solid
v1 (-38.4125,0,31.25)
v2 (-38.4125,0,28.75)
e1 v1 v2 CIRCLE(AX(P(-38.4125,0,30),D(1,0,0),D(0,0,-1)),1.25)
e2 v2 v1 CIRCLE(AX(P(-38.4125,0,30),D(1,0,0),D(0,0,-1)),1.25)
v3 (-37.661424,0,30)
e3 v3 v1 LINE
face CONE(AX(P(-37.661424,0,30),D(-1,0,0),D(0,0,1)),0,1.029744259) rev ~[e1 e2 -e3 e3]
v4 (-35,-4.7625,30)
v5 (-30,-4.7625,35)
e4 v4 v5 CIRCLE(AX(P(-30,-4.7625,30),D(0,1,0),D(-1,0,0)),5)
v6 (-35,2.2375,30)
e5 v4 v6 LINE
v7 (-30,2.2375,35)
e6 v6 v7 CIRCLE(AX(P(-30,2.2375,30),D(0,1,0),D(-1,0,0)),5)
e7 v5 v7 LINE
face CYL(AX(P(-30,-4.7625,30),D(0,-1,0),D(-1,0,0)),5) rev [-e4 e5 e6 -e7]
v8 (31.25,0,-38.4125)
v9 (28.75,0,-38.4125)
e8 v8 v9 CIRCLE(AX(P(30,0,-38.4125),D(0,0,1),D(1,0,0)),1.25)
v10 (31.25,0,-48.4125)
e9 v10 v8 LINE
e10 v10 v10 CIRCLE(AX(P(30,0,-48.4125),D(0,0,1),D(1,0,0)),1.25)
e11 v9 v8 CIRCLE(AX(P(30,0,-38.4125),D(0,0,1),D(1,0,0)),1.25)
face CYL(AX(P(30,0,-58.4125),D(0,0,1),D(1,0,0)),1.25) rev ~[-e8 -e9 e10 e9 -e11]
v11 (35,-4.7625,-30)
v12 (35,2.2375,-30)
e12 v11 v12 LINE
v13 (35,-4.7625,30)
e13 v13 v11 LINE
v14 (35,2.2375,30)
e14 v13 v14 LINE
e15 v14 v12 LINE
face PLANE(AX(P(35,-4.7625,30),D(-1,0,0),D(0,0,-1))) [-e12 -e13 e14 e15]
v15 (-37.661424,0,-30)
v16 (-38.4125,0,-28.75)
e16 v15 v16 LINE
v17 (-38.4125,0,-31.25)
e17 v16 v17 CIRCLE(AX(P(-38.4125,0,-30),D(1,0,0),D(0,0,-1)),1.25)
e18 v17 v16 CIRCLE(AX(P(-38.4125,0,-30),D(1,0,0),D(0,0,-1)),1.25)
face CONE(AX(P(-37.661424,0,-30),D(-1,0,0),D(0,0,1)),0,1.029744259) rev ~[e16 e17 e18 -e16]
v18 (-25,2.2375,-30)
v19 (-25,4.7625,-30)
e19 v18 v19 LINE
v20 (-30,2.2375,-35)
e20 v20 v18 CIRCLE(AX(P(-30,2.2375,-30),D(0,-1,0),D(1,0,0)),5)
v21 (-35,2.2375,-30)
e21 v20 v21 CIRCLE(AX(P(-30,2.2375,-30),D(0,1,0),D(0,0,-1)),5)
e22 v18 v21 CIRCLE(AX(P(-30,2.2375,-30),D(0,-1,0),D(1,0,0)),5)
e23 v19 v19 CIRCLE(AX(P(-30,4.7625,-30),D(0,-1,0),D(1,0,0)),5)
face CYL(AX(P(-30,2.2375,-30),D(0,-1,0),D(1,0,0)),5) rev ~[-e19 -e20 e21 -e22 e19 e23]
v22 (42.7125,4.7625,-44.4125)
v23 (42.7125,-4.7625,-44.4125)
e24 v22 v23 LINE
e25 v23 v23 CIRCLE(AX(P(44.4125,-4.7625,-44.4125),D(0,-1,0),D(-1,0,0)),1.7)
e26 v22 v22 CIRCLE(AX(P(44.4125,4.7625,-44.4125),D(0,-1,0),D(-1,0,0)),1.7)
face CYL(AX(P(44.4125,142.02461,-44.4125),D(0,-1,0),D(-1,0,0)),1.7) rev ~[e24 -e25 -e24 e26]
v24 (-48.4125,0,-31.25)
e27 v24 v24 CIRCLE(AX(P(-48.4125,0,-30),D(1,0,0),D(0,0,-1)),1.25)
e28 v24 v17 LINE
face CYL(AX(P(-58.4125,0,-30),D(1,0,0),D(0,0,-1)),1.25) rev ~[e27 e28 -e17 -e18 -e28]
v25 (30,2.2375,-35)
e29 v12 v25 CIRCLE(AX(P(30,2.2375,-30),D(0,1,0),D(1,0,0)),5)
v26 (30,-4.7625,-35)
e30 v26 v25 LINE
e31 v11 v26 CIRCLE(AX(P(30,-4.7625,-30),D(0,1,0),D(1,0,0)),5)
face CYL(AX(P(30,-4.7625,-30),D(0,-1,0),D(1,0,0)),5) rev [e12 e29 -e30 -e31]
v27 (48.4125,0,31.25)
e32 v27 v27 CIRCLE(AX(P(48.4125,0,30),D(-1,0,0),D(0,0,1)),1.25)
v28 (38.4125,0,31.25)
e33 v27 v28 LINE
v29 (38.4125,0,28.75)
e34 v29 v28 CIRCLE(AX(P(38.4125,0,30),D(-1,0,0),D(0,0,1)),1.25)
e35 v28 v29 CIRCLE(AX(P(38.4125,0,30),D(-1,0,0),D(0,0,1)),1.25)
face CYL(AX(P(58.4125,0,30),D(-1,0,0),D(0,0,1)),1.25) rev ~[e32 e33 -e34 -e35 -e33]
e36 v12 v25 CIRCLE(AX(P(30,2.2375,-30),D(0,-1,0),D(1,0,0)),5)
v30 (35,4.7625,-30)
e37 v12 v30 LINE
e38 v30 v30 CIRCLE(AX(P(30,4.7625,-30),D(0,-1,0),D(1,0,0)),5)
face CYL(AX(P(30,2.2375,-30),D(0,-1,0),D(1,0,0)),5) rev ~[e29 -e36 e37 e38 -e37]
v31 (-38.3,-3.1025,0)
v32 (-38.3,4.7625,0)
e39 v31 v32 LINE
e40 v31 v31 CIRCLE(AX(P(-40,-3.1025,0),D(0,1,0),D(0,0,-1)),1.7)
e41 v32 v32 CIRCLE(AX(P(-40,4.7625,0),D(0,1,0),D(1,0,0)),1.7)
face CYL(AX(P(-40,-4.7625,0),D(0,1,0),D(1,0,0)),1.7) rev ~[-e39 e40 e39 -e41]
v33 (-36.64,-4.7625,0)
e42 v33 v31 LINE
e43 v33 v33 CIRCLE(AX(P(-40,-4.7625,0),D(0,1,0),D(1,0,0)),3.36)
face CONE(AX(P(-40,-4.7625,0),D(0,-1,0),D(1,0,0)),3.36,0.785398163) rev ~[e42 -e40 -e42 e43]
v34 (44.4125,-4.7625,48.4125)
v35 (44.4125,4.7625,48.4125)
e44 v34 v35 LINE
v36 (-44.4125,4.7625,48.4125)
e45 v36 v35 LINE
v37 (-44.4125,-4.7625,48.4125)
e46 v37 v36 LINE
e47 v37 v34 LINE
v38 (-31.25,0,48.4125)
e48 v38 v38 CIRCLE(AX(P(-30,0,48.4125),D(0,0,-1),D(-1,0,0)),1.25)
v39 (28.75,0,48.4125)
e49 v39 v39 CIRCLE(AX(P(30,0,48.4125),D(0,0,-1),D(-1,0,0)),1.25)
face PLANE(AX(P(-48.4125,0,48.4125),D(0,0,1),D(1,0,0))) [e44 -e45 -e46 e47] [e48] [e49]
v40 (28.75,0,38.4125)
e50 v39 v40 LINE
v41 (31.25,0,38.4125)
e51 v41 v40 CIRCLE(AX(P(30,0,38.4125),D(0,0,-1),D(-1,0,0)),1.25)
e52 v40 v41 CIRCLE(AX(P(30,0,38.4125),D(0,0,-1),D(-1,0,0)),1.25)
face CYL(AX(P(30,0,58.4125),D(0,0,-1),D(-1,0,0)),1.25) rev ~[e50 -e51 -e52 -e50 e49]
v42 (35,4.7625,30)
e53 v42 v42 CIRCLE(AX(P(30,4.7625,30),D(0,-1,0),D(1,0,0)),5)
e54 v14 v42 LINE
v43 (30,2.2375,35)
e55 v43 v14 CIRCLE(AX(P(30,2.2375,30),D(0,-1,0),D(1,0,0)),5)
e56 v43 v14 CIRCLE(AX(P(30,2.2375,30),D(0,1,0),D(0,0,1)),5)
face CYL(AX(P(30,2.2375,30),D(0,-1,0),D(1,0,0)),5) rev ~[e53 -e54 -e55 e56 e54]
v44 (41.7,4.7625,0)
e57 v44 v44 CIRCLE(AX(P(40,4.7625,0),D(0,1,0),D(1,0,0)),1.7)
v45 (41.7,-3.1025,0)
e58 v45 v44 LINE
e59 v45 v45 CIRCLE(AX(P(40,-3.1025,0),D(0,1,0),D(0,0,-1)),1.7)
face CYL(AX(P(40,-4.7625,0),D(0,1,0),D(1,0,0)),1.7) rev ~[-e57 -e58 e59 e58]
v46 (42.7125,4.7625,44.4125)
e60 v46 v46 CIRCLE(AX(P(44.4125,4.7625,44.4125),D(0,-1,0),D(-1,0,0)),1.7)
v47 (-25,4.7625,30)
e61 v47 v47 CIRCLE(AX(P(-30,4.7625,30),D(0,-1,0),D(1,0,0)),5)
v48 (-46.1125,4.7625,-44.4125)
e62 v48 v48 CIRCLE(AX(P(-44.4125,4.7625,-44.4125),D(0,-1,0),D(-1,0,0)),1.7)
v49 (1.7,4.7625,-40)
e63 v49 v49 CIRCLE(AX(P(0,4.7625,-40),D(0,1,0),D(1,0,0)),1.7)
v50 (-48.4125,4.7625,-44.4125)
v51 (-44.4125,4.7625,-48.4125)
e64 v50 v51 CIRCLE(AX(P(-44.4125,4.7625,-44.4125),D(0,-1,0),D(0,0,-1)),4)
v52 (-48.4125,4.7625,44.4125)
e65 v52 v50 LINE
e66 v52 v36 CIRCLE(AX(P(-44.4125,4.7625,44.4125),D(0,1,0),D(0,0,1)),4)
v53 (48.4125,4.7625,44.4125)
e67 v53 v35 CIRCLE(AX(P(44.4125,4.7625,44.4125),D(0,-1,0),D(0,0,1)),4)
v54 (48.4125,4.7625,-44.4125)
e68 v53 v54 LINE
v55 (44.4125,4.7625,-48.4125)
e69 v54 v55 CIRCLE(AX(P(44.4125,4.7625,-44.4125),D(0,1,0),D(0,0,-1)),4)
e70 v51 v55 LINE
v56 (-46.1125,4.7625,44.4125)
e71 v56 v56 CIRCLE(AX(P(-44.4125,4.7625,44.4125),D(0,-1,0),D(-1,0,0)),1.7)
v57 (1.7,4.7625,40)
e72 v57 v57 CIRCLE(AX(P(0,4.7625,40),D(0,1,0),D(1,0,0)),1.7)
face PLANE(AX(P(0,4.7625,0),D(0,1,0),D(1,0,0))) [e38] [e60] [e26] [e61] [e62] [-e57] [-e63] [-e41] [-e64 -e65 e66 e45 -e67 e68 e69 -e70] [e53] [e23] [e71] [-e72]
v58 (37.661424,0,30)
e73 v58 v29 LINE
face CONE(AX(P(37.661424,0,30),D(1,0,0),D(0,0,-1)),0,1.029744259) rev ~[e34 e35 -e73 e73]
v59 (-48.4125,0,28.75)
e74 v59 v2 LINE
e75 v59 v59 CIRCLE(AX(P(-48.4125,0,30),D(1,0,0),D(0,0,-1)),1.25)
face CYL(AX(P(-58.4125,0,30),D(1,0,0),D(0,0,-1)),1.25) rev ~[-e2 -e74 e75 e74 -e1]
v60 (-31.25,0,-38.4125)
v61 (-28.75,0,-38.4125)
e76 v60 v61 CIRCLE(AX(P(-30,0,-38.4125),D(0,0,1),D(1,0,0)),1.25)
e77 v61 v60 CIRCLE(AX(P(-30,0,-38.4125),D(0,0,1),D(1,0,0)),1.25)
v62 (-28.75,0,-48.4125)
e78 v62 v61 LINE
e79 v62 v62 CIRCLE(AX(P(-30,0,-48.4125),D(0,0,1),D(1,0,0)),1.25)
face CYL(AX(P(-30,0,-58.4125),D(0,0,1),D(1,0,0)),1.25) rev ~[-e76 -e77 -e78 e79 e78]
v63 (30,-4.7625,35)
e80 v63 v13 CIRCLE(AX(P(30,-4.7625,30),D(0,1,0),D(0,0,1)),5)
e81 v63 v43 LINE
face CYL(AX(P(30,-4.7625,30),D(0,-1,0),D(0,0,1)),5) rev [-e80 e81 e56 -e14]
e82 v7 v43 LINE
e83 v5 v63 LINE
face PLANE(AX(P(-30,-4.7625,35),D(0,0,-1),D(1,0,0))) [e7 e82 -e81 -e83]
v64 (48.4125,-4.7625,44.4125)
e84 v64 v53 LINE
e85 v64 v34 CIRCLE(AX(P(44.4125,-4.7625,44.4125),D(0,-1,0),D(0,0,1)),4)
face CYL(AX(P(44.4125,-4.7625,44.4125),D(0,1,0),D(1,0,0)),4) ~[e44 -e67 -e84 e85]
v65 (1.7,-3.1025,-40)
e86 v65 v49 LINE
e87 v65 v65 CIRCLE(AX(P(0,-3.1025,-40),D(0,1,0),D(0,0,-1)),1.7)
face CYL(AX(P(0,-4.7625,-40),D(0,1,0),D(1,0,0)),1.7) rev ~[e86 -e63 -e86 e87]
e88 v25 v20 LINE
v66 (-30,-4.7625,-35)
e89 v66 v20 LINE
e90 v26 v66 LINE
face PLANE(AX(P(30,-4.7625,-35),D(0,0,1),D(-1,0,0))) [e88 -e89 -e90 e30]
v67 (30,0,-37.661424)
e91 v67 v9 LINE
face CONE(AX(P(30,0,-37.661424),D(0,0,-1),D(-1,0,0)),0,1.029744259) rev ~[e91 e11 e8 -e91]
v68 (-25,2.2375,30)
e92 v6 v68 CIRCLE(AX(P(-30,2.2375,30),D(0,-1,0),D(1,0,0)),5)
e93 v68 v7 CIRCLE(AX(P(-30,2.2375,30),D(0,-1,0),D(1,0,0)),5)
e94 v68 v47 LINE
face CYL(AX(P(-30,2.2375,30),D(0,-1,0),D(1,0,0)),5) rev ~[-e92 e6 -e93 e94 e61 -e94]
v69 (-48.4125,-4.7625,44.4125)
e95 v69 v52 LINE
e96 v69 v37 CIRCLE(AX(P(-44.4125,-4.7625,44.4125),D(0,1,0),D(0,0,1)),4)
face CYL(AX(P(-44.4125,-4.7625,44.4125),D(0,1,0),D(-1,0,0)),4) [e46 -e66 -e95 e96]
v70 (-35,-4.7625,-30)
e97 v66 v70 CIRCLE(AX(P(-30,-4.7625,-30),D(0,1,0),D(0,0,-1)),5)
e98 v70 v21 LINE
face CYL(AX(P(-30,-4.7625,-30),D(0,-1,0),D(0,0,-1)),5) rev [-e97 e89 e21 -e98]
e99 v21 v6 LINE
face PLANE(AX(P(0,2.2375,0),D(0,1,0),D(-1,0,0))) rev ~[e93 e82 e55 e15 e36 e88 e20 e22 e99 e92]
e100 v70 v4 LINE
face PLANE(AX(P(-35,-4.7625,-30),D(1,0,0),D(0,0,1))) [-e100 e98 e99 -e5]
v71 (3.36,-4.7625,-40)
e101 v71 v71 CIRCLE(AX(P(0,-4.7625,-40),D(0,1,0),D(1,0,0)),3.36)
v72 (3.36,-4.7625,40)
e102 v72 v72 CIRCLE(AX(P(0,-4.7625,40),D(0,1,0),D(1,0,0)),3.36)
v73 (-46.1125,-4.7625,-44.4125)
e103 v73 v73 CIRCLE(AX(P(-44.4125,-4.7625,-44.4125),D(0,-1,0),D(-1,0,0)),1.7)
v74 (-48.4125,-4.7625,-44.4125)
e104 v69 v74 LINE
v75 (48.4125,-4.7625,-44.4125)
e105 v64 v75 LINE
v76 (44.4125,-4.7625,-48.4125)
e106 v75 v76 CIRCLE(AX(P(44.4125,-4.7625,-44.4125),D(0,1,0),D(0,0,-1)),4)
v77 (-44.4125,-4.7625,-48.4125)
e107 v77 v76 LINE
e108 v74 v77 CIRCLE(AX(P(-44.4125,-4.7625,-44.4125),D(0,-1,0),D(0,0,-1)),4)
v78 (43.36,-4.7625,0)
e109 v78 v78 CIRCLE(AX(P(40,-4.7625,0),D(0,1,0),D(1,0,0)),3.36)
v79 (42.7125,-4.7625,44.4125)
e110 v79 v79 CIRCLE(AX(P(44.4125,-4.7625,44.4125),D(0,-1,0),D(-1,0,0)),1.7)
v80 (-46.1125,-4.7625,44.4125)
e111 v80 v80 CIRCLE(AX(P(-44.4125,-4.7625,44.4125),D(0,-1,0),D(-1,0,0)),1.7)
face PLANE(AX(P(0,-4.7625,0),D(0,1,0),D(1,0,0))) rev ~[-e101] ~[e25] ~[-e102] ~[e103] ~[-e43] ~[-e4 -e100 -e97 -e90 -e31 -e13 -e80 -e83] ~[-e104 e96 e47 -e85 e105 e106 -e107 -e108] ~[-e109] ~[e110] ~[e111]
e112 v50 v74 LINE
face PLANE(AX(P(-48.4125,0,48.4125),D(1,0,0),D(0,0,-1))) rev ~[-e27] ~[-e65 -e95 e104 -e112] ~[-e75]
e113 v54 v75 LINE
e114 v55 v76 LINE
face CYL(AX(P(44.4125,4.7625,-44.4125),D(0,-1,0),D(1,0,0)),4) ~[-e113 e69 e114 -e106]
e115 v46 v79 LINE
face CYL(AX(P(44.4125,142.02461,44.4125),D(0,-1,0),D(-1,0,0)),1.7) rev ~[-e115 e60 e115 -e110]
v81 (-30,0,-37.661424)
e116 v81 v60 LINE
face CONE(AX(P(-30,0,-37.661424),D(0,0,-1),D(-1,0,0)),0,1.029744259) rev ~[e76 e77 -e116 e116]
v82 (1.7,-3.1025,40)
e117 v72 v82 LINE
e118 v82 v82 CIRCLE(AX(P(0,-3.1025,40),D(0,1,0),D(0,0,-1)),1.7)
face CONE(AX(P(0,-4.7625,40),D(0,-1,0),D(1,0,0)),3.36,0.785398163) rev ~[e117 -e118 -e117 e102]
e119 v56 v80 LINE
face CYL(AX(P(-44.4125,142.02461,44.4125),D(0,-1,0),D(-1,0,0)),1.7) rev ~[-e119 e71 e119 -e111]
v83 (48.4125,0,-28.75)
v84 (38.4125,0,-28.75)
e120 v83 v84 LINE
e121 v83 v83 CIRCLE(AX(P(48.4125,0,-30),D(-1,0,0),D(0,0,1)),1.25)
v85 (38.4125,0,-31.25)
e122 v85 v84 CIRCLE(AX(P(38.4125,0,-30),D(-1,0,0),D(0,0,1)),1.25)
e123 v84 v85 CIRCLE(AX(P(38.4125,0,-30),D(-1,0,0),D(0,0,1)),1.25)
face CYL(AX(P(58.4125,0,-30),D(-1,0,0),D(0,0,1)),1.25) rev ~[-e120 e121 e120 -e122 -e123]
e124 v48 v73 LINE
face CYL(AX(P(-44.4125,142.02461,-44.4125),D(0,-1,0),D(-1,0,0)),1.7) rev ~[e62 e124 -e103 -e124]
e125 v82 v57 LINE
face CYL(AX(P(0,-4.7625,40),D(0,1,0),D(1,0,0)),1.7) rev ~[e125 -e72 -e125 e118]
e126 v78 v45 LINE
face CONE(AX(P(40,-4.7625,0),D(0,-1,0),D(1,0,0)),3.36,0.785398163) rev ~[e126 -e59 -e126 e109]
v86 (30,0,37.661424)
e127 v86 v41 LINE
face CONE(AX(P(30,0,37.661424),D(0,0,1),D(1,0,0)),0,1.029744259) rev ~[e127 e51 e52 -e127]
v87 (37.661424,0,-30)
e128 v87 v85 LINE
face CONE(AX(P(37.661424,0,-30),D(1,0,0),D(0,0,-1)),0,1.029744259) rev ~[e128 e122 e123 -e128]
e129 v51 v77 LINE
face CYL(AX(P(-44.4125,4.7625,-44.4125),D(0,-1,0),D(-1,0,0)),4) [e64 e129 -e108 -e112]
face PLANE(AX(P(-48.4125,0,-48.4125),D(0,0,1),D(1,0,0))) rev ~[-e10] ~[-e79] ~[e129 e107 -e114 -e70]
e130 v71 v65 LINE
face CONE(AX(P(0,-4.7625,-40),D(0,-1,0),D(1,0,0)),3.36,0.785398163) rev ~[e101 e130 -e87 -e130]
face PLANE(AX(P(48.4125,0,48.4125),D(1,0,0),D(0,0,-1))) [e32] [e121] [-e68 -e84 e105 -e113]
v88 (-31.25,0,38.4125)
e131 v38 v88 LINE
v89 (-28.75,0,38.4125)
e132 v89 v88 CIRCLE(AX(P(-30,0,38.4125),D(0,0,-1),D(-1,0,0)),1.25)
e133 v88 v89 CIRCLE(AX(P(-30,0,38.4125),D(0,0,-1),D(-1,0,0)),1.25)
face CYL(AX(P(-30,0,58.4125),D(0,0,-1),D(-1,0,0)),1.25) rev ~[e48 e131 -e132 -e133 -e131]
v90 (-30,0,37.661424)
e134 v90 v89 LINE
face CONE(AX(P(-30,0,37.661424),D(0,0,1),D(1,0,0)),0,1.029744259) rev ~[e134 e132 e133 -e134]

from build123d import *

# Parameters (mm, degrees)
SKETCH1_W                     = 96.825
SKETCH1_H                     = 96.825
BOSS_EXTRUDE1_DEPTH           = 4.7625
FILLET1_R                     = 4
M3X0_5_TAPPED_HOLE1_D         = 2.5
M3X0_5_TAPPED_HOLE1_DEPTH     = 10
M3X0_5_TAPPED_HOLE1_TIP       = 0.751075774
M3X0_5_TAPPED_HOLE2_D         = 2.5
M3X0_5_TAPPED_HOLE2_DEPTH     = 10
M3X0_5_TAPPED_HOLE2_TIP       = 0.751075774
M3_CLEARANCE_HOLE1_D          = 3.4
M3X0_5_TAPPED_HOLE3_D         = 2.5
M3X0_5_TAPPED_HOLE3_DEPTH     = 10
M3X0_5_TAPPED_HOLE3_TIP       = 0.751075774
M3X0_5_TAPPED_HOLE4_D         = 2.5
M3X0_5_TAPPED_HOLE4_DEPTH     = 10
M3X0_5_TAPPED_HOLE4_TIP       = 0.751075774
CSK_FOR_M3_SFHCS1_D           = 3.4
CSK_FOR_M3_SFHCS1_CSINK_D     = 6.72
CSK_FOR_M3_SFHCS1_CSINK_ANGLE = 90
CUT_EXTRUDE1_DEPTH            = 7
SKETCH21_R                    = 5
CUT_EXTRUDE2_DEPTH            = 3.525


with BuildPart() as part:
    # Sketch1 → Boss-Extrude1 (new body, symmetric)
    with BuildSketch(Plane(origin=(0, 0, 0), x_dir=(1, 0, 0), z_dir=(0, 1, 0))):
        Rectangle(SKETCH1_W, SKETCH1_H)
    extrude(amount=BOSS_EXTRUDE1_DEPTH, both=True)

    # Fillet1
    fillet1_edges = [part.edges().sort_by_distance(p)[0] for p in [
        (-48.4125, 0, -48.4125),
        (48.4125, 0, -48.4125),
        (48.4125, 0, 48.4125),
        (-48.4125, 0, 48.4125),
    ]]
    fillet(fillet1_edges, radius=FILLET1_R)

    # M3x0.5 Tapped Hole1
    with Locations(Plane.ZY.offset(48.4125)):
        with Locations((-30, 0), (30, 0)):
            Hole(M3X0_5_TAPPED_HOLE1_D / 2, depth=M3X0_5_TAPPED_HOLE1_DEPTH)
            with Locations((0, 0, -(M3X0_5_TAPPED_HOLE1_DEPTH + M3X0_5_TAPPED_HOLE1_TIP / 2))):  # 118° drill point
                Cone(0, M3X0_5_TAPPED_HOLE1_D / 2, M3X0_5_TAPPED_HOLE1_TIP, mode=Mode.SUBTRACT)

    # M3x0.5 Tapped Hole2
    with Locations(Plane(origin=(0, 0, -48.4125), x_dir=(-1, 0, 0), z_dir=(0, 0, -1))):
        with Locations((-30, 0), (30, 0)):
            Hole(M3X0_5_TAPPED_HOLE2_D / 2, depth=M3X0_5_TAPPED_HOLE2_DEPTH)
            with Locations((0, 0, -(M3X0_5_TAPPED_HOLE2_DEPTH + M3X0_5_TAPPED_HOLE2_TIP / 2))):  # 118° drill point
                Cone(0, M3X0_5_TAPPED_HOLE2_D / 2, M3X0_5_TAPPED_HOLE2_TIP, mode=Mode.SUBTRACT)

    # M3 Clearance Hole1 (through all)
    with Locations(Plane(origin=(0, 4.7625, 0), x_dir=(1, 0, 0), z_dir=(0, 1, 0))):
        with Locations((-44.4125, 44.4125), (44.4125, 44.4125), (44.4125, -44.4125), (-44.4125, -44.4125)):
            Hole(M3_CLEARANCE_HOLE1_D / 2)

    # M3x0.5 Tapped Hole3
    with Locations(Plane(origin=(48.4125, 0, 0), x_dir=(0, 0, -1), z_dir=(1, 0, 0))):
        with Locations((-30, 0), (30, 0)):
            Hole(M3X0_5_TAPPED_HOLE3_D / 2, depth=M3X0_5_TAPPED_HOLE3_DEPTH)
            with Locations((0, 0, -(M3X0_5_TAPPED_HOLE3_DEPTH + M3X0_5_TAPPED_HOLE3_TIP / 2))):  # 118° drill point
                Cone(0, M3X0_5_TAPPED_HOLE3_D / 2, M3X0_5_TAPPED_HOLE3_TIP, mode=Mode.SUBTRACT)

    # M3x0.5 Tapped Hole4
    with Locations(Plane.XY.offset(48.4125)):
        with Locations((-30, 0), (30, 0)):
            Hole(M3X0_5_TAPPED_HOLE4_D / 2, depth=M3X0_5_TAPPED_HOLE4_DEPTH)
            with Locations((0, 0, -(M3X0_5_TAPPED_HOLE4_DEPTH + M3X0_5_TAPPED_HOLE4_TIP / 2))):  # 118° drill point
                Cone(0, M3X0_5_TAPPED_HOLE4_D / 2, M3X0_5_TAPPED_HOLE4_TIP, mode=Mode.SUBTRACT)

    # CSK for M3 SFHCS1 (through all)
    with Locations(Plane(origin=(0, -4.7625, 0), x_dir=(-1, 0, 0), z_dir=(0, -1, 0))):
        with Locations((-40, 0), (0, 40), (40, 0), (0, -40)):
            CounterSinkHole(CSK_FOR_M3_SFHCS1_D / 2, CSK_FOR_M3_SFHCS1_CSINK_D / 2, counter_sink_angle=CSK_FOR_M3_SFHCS1_CSINK_ANGLE)

    # Sketch20 → Cut-Extrude1 (cut)
    with BuildSketch(Plane.XZ.offset(4.7625)):
        with BuildLine():
            Line((30, -35), (-30, -35))
            ThreePointArc((-30, -35), (-33.535533906, -33.535533906), (-35, -30))
            Line((-35, -30), (-35, 30))
            ThreePointArc((-35, 30), (-33.535533906, 33.535533906), (-30, 35))
            Line((-30, 35), (30, 35))
            ThreePointArc((30, 35), (33.535533906, 33.535533906), (35, 30))
            Line((35, 30), (35, -30))
            ThreePointArc((35, -30), (33.535533906, -33.535533906), (30, -35))
        make_face()
    extrude(amount=-CUT_EXTRUDE1_DEPTH, mode=Mode.SUBTRACT)

    # Sketch21 → Cut-Extrude2 (cut, through all)
    with BuildSketch(Plane.XZ.offset(-2.2375)):
        with Locations((-30, 30)):
            Circle(SKETCH21_R)
        with Locations((30, 30)):
            Circle(SKETCH21_R)
        with Locations((30, -30)):
            Circle(SKETCH21_R)
        with Locations((-30, -30)):
            Circle(SKETCH21_R)
    extrude(amount=-CUT_EXTRUDE2_DEPTH, mode=Mode.SUBTRACT)


solid = part.part
